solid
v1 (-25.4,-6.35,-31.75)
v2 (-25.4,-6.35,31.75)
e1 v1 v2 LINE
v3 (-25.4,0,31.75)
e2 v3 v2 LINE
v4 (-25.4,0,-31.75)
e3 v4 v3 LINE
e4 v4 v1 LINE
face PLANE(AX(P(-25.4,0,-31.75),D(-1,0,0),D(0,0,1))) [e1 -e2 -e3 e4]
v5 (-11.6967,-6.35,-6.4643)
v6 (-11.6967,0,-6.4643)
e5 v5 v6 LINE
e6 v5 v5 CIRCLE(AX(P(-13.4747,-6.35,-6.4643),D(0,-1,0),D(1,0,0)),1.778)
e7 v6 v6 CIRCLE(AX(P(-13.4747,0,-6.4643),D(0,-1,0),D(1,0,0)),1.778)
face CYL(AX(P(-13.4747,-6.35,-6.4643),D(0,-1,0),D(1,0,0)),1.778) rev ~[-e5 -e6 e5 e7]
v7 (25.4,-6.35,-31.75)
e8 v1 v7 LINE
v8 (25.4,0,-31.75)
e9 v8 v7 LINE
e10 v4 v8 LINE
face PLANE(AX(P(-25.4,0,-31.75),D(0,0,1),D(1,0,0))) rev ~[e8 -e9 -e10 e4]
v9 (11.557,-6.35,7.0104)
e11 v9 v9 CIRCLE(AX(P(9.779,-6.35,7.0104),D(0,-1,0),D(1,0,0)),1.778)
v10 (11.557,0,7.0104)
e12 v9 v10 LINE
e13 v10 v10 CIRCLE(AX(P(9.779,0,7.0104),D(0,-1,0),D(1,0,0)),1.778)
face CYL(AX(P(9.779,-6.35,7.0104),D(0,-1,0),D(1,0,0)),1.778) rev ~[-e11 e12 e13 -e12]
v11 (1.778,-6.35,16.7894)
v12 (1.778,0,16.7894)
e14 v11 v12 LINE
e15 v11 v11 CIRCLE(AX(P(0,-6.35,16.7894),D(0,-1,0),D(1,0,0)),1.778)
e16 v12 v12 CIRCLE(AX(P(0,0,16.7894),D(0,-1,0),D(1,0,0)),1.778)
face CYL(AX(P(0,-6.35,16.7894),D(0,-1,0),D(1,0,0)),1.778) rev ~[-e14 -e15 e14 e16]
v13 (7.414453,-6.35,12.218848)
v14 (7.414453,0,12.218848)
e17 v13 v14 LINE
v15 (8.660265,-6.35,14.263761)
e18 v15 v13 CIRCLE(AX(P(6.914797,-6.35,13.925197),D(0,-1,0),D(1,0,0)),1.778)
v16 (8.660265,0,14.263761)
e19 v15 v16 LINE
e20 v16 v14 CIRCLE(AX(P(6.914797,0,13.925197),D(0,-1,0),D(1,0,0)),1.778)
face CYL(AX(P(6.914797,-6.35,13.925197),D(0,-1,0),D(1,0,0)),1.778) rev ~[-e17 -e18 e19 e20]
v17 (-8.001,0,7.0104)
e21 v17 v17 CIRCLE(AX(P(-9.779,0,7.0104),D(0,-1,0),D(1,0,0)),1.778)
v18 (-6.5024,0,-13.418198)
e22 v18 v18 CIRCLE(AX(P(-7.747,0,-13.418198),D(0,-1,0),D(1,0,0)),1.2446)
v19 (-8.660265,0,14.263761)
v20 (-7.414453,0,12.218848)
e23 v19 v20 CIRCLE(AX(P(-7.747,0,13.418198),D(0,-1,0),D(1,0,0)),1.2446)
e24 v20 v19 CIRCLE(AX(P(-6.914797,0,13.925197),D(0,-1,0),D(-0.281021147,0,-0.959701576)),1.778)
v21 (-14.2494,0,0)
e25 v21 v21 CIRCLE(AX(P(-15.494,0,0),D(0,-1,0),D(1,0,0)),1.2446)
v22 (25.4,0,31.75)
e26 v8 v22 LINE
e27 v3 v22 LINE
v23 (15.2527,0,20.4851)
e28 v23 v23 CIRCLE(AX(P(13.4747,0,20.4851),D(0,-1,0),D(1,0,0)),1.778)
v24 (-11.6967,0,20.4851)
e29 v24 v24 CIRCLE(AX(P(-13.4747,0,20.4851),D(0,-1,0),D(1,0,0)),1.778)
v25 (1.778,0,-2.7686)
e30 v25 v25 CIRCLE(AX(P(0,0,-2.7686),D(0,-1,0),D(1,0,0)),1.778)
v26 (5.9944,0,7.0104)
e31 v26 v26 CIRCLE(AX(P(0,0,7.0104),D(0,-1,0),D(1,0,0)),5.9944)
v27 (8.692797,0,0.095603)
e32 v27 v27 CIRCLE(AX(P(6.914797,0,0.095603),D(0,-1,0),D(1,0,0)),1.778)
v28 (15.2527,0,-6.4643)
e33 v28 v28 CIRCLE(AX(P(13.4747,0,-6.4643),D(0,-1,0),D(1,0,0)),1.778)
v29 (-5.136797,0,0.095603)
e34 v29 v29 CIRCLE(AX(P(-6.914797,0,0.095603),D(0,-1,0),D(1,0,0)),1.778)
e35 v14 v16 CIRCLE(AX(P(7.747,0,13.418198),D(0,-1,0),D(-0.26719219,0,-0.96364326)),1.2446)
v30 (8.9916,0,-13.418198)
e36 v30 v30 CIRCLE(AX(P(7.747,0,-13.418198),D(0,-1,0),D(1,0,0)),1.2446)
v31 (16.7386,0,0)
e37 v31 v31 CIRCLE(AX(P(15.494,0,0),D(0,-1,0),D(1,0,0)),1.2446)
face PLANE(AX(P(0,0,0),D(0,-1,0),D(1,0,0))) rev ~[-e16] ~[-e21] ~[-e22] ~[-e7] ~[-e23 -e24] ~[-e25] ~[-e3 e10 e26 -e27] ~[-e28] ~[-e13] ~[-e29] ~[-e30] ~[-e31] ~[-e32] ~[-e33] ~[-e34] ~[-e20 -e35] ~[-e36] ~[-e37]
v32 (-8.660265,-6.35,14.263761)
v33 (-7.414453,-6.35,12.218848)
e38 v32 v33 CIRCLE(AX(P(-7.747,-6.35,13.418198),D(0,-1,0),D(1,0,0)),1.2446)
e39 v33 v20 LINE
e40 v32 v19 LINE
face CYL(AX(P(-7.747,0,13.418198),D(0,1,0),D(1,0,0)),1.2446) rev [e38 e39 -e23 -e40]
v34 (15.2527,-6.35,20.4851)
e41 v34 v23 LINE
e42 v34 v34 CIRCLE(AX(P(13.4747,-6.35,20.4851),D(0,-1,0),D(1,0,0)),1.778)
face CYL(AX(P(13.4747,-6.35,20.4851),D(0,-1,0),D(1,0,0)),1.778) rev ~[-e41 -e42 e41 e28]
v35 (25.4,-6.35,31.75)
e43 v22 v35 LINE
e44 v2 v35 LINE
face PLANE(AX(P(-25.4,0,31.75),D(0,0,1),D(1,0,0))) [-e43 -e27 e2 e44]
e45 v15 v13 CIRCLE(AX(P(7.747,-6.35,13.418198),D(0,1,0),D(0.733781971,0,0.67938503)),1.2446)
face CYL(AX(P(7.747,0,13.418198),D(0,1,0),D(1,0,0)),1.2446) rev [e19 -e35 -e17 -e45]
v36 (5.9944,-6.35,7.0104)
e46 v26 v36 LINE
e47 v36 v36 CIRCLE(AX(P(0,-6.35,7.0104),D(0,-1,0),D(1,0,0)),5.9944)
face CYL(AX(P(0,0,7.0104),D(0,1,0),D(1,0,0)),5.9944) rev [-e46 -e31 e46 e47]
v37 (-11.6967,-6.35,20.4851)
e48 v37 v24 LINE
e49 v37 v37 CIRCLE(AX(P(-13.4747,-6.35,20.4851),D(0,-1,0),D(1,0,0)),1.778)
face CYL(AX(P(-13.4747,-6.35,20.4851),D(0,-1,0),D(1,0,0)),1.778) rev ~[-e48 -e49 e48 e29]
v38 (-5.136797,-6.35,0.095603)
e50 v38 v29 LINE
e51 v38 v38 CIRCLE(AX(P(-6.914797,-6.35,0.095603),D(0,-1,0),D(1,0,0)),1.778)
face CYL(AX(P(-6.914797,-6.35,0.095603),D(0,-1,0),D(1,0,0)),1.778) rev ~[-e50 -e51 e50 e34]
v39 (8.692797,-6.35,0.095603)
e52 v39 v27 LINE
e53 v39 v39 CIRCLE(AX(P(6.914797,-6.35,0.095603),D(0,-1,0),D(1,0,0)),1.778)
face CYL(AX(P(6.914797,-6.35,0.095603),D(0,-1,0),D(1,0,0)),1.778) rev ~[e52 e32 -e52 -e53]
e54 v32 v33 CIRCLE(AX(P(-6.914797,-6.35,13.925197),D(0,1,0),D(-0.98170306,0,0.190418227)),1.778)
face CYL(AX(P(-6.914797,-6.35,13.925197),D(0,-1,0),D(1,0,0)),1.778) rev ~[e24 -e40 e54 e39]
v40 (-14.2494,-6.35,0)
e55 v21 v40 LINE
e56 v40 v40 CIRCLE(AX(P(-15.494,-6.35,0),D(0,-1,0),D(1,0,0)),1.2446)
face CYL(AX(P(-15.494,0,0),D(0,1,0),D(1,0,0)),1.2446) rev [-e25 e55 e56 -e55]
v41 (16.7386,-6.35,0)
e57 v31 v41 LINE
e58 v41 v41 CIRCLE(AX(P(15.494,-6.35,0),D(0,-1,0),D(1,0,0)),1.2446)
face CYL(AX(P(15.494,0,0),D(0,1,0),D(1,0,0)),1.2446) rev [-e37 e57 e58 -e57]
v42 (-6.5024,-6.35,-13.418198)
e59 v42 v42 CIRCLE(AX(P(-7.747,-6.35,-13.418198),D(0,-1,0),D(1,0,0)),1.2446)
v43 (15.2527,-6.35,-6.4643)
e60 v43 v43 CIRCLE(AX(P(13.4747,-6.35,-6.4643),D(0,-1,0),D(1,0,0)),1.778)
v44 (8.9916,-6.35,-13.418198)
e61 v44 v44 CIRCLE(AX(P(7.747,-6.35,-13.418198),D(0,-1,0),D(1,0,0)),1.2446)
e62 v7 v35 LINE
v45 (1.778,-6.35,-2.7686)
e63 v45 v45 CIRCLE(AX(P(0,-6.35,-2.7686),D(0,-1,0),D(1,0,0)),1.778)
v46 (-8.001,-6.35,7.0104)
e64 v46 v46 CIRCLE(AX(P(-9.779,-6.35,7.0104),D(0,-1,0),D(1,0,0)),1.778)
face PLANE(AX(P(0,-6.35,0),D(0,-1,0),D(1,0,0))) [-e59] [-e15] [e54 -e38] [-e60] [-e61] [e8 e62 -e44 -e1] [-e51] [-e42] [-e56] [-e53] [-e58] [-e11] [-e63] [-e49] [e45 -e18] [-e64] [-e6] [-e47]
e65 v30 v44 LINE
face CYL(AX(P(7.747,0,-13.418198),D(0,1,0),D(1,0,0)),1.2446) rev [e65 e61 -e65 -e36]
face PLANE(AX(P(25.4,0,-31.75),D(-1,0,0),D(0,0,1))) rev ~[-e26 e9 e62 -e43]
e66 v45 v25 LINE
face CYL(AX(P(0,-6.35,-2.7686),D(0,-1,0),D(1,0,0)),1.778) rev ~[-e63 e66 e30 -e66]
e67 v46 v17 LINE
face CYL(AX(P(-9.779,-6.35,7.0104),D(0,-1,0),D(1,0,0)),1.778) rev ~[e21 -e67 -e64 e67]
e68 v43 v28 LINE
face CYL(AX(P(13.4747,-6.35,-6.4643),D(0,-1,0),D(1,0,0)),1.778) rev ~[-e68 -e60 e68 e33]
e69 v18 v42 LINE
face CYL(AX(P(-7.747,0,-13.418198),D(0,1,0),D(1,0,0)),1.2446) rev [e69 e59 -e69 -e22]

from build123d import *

# Parameters (mm, degrees)
F1_W     = 50.8
F1_H     = 63.5
F1_R     = 1.2446
F1_R_2   = 5.9944
F2_DEPTH = 6.35
F3_R     = 1.778
F4_DEPTH = 25.4


with BuildPart() as f2:
    # F1 (on face) → F2 (new body)
    with BuildSketch(Plane.XZ):
        Rectangle(F1_W, F1_H)
        with Locations((-7.747, -13.418198)):
            Circle(F1_R, mode=Mode.SUBTRACT)
        with Locations((7.747, -13.418198)):
            Circle(F1_R, mode=Mode.SUBTRACT)
        with Locations((-15.494, 0)):
            Circle(F1_R, mode=Mode.SUBTRACT)
        with Locations((0, 7.0104)):
            Circle(F1_R_2, mode=Mode.SUBTRACT)
        with Locations((-7.747, 13.418198)):
            Circle(F1_R, mode=Mode.SUBTRACT)
        with Locations((7.747, 13.418198)):
            Circle(F1_R, mode=Mode.SUBTRACT)
        with Locations((15.494, 0)):
            Circle(F1_R, mode=Mode.SUBTRACT)
    extrude(amount=F2_DEPTH)

    # F3 (on face) → F4 (cut)
    with BuildSketch(Plane.XZ.offset(6.35)):
        with Locations((-9.779, 7.0104)):
            Circle(F3_R)
        with Locations((-6.914797, 0.095603)):
            Circle(F3_R)
        with Locations((0, -2.7686)):
            Circle(F3_R)
        with Locations((6.914797, 0.095603)):
            Circle(F3_R)
        with Locations((9.779, 7.0104)):
            Circle(F3_R)
        with Locations((6.914797, 13.925197)):
            Circle(F3_R)
        with Locations((0, 16.7894)):
            Circle(F3_R)
        with Locations((-6.914797, 13.925197)):
            Circle(F3_R)
        with Locations((-13.4747, 20.4851)):
            Circle(F3_R)
        with Locations((13.4747, 20.4851)):
            Circle(F3_R)
        with Locations((13.4747, -6.4643)):
            Circle(F3_R)
        with Locations((-13.4747, -6.4643)):
            Circle(F3_R)
    extrude(amount=-F4_DEPTH, mode=Mode.SUBTRACT)


solid = f2.part
